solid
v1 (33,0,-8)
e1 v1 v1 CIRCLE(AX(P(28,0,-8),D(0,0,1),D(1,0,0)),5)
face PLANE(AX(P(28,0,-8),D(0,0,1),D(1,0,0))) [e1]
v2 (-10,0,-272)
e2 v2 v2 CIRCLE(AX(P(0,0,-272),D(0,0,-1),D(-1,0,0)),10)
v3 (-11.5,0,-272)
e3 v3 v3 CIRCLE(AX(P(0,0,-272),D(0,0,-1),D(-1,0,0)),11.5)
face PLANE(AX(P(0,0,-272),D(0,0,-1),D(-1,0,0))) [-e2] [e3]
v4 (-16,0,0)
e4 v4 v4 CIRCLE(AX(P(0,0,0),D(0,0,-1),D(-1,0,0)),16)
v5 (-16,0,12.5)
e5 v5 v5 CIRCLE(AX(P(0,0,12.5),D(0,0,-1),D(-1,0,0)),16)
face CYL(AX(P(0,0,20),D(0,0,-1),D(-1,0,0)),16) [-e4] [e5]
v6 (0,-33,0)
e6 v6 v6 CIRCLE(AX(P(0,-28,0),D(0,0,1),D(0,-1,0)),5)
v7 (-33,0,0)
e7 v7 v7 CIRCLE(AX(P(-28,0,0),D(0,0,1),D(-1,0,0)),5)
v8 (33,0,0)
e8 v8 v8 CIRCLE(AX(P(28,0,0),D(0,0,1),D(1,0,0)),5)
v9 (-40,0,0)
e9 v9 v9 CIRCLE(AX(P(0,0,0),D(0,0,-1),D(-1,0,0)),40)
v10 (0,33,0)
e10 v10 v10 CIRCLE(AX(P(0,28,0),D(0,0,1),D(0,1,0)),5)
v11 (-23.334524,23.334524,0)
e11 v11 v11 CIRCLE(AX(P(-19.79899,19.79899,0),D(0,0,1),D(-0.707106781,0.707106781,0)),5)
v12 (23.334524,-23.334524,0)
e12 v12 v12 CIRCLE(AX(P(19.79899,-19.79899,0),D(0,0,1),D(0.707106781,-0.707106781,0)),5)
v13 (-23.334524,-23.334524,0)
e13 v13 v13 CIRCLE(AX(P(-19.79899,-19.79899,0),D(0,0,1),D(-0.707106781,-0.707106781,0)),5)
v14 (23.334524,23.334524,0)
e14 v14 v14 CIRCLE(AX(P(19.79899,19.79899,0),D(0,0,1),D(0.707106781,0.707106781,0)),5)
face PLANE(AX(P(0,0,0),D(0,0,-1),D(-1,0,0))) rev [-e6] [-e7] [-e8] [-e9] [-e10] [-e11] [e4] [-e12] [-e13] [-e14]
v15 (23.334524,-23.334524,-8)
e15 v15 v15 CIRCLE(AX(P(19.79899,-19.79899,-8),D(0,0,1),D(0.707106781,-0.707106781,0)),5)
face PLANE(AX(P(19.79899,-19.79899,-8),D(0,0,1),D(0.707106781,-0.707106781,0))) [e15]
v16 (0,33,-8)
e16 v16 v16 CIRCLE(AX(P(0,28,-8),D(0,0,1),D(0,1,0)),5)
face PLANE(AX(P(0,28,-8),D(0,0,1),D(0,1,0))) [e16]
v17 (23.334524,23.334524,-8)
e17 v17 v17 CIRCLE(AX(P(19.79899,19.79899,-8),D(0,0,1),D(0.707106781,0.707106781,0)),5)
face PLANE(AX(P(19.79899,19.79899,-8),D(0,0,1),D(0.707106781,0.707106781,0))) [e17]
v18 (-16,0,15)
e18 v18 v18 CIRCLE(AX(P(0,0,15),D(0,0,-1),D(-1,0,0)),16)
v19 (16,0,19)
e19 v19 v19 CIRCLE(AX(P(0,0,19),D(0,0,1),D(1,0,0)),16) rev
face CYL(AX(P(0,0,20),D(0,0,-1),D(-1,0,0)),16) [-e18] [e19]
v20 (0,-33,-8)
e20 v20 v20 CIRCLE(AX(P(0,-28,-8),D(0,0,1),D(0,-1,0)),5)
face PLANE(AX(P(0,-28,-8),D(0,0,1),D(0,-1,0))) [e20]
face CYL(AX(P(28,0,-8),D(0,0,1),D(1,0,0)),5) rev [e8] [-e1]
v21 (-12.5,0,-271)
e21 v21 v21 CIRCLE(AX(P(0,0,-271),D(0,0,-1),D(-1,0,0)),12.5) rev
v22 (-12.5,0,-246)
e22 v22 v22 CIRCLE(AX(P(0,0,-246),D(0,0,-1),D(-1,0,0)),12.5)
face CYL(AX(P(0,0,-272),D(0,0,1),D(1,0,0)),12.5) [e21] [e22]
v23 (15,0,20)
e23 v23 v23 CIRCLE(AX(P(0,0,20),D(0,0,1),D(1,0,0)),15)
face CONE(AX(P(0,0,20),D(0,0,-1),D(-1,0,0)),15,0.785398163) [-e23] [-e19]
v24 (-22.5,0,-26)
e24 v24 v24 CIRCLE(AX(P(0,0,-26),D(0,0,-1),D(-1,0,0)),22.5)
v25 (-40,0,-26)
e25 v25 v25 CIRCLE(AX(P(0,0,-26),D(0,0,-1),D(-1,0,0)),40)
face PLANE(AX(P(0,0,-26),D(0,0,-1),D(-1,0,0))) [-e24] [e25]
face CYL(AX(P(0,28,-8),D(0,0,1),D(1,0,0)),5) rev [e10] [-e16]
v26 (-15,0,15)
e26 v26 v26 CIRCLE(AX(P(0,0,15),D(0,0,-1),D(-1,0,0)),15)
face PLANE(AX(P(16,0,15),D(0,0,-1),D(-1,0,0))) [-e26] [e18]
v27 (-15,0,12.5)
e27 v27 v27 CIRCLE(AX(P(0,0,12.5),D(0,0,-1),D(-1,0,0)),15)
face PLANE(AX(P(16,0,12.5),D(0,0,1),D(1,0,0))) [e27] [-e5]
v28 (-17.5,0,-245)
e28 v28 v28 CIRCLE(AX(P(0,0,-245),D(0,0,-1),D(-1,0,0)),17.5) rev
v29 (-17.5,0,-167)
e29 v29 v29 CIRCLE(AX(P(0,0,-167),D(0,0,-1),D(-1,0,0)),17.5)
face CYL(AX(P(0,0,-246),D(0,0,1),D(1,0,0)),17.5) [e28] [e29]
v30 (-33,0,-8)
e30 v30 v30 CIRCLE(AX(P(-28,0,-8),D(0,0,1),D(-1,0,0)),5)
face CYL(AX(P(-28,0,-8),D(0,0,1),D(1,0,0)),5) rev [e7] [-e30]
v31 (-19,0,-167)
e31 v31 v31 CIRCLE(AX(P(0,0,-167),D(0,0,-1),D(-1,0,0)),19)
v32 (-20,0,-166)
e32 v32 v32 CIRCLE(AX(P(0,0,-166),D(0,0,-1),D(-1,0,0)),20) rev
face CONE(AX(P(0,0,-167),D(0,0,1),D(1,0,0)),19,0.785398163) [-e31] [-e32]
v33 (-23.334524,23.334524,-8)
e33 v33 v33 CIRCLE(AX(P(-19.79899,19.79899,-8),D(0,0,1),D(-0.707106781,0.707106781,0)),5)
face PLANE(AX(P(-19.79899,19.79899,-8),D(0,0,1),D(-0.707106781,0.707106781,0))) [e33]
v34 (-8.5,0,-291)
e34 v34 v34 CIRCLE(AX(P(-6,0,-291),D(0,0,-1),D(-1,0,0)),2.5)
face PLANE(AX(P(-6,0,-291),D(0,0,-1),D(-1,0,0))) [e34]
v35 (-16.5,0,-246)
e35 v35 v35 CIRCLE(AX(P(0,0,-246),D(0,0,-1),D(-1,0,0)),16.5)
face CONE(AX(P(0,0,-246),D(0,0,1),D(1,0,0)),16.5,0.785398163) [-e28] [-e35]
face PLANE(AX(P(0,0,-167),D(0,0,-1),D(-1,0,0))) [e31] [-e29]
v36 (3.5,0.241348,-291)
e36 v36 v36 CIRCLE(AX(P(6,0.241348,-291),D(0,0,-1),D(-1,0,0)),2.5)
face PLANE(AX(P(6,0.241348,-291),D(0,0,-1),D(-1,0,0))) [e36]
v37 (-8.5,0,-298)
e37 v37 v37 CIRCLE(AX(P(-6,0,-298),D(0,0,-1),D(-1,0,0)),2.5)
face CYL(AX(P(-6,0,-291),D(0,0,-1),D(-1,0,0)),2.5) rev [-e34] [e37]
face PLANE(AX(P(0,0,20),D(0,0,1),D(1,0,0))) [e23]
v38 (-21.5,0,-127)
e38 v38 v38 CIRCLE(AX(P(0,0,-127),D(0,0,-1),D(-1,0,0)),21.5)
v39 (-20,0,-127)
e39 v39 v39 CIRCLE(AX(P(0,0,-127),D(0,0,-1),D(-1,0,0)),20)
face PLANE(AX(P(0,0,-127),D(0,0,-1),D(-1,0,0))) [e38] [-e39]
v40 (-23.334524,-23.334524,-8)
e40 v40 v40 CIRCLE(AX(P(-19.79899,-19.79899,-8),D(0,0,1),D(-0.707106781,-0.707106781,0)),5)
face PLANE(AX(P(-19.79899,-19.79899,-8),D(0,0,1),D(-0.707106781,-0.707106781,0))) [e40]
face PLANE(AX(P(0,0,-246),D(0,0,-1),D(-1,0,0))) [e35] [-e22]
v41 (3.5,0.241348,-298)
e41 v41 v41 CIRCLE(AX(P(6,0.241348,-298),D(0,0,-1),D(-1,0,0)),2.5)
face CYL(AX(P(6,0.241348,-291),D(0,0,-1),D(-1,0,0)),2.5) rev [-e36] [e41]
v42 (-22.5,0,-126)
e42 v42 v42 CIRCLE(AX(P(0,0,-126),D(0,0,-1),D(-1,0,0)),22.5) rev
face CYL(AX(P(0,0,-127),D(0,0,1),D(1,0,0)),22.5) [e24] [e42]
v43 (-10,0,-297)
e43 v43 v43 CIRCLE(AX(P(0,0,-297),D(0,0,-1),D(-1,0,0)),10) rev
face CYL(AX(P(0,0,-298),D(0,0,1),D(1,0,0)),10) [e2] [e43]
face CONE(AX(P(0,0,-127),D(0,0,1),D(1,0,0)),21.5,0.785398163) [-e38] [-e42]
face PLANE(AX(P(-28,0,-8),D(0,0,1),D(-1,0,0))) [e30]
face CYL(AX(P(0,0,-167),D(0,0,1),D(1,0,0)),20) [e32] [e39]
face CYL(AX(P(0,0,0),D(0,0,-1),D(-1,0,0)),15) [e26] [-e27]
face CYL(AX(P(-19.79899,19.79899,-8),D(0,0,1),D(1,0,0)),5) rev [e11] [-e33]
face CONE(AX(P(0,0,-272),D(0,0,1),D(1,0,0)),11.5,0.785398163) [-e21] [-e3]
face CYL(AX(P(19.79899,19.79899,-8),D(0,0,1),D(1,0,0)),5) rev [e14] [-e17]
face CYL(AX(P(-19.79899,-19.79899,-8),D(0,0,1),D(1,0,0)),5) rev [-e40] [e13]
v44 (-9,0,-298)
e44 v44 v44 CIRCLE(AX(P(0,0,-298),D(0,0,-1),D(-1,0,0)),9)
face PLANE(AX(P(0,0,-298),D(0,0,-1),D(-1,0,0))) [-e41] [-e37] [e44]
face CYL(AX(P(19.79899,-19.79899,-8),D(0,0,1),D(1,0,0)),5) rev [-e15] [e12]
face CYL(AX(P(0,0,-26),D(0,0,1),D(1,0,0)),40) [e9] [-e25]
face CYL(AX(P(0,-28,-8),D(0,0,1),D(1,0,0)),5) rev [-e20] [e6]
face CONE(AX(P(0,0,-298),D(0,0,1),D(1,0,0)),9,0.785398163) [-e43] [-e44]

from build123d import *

# Parameters (mm, degrees)
SKETCH_1_R               = 16
EXTRUDE_1_DEPTH          = 20
SKETCH_2_R               = 40
EXTRUDE_2_DEPTH          = 26
SKETCH_3_W               = 1
SKETCH_3_H               = 2.5
SKETCH_4_R               = 5
CUT_EXTRUDE_1_DEPTH      = 8
PATTERN_CIRCULAR_1_COUNT = 8
CHAMFER_1_SIZE           = 1
SKETCH_5_R               = 22.5
EXTRUDE_3_DEPTH          = 101
SKETCH_6_R               = 20
EXTRUDE_4_DEPTH          = 40
SKETCH_7_R               = 17.5
EXTRUDE_5_DEPTH          = 79
SKETCH_8_R               = 12.5
EXTRUDE_6_DEPTH          = 26
SKETCH_9_R               = 10
EXTRUDE_7_DEPTH          = 26
CHAMFER_2_SIZE           = 1
CHAMFER_3_SIZE           = 1
SKETCH_10_R              = 2.5
CUT_EXTRUDE_2_DEPTH      = 7


with BuildPart() as part:
    # 草图1 → 凸台-拉伸1 (new body)
    with BuildSketch(Plane.XY):
        Circle(SKETCH_1_R)
    extrude(amount=EXTRUDE_1_DEPTH)

    # 草图2 → 凸台-拉伸2 (add)
    with BuildSketch(Plane(origin=(0, 0, 0), x_dir=(-1, 0, 0), z_dir=(0, 0, -1))):
        Circle(SKETCH_2_R)
    extrude(amount=EXTRUDE_2_DEPTH)

    # 草图3 → 切除-旋转1 (revolve, cut)
    with BuildSketch(Plane(origin=(0, 0, 0), x_dir=(1, 0, 0), z_dir=(0, 1, 0))):
        with Locations((15.5, -13.75)):
            Rectangle(SKETCH_3_W, SKETCH_3_H)
    revolve(axis=Axis((0, 0, 0), (0, 0, 1)), mode=Mode.SUBTRACT)

    # 草图4 → 切除-拉伸1 (cut)
    with BuildSketch(Plane.XY):
        with Locations((28, 0)):
            Circle(SKETCH_4_R)
    cut_extrude_1 = extrude(amount=-CUT_EXTRUDE_1_DEPTH, mode=Mode.SUBTRACT)

    # 阵列(圆周)1: 切除-拉伸1 ×8 about axis
    pattern_circular_1_axis = Axis((0, 0, 0), (0, 0, 1))
    for i in range(1, PATTERN_CIRCULAR_1_COUNT):
        add(cut_extrude_1.rotate(pattern_circular_1_axis, i * 360 / PATTERN_CIRCULAR_1_COUNT), mode=Mode.SUBTRACT)

    # 倒角1
    chamfer_1_edges = [part.edges().sort_by_distance(p)[0] for p in [
        (-16, 0, 20),
    ]]
    chamfer(chamfer_1_edges, length=CHAMFER_1_SIZE)

    # 草图5 → 凸台-拉伸3 (add)
    with BuildSketch(Plane(origin=(0, 0, -26), x_dir=(-1, 0, 0), z_dir=(0, 0, -1))):
        Circle(SKETCH_5_R)
    extrude(amount=EXTRUDE_3_DEPTH)

    # 草图6 → 凸台-拉伸4 (add)
    with BuildSketch(Plane(origin=(0, 0, -127), x_dir=(-1, 0, 0), z_dir=(0, 0, -1))):
        Circle(SKETCH_6_R)
    extrude(amount=EXTRUDE_4_DEPTH)

    # 草图7 → 凸台-拉伸5 (add)
    with BuildSketch(Plane(origin=(0, 0, -167), x_dir=(-1, 0, 0), z_dir=(0, 0, -1))):
        Circle(SKETCH_7_R)
    extrude(amount=EXTRUDE_5_DEPTH)

    # 草图8 → 凸台-拉伸6 (add)
    with BuildSketch(Plane(origin=(0, 0, -246), x_dir=(-1, 0, 0), z_dir=(0, 0, -1))):
        Circle(SKETCH_8_R)
    extrude(amount=EXTRUDE_6_DEPTH)

    # 草图9 → 凸台-拉伸7 (add)
    with BuildSketch(Plane(origin=(0, 0, -272), x_dir=(-1, 0, 0), z_dir=(0, 0, -1))):
        Circle(SKETCH_9_R)
    extrude(amount=EXTRUDE_7_DEPTH)

    # 倒角2
    chamfer_2_edges = [part.edges().sort_by_distance(p)[0] for p in [
        (20, 0, -167),
        (17.5, 0, -246),
        (12.5, 0, -272),
        (10, 0, -298),
    ]]
    chamfer(chamfer_2_edges, length=CHAMFER_2_SIZE)

    # 倒角3
    chamfer_3_edges = [part.edges().sort_by_distance(p)[0] for p in [
        (22.5, 0, -127),
    ]]
    chamfer(chamfer_3_edges, length=CHAMFER_3_SIZE)

    # 草图10 → 切除-拉伸2 (cut)
    with BuildSketch(Plane(origin=(0, 0, -298), x_dir=(-1, 0, 0), z_dir=(0, 0, -1))):
        with Locations((-6, 0.24134819)):
            Circle(SKETCH_10_R)
        with Locations((6, 0)):
            Circle(SKETCH_10_R)
    extrude(amount=-CUT_EXTRUDE_2_DEPTH, mode=Mode.SUBTRACT)


solid = part.part
